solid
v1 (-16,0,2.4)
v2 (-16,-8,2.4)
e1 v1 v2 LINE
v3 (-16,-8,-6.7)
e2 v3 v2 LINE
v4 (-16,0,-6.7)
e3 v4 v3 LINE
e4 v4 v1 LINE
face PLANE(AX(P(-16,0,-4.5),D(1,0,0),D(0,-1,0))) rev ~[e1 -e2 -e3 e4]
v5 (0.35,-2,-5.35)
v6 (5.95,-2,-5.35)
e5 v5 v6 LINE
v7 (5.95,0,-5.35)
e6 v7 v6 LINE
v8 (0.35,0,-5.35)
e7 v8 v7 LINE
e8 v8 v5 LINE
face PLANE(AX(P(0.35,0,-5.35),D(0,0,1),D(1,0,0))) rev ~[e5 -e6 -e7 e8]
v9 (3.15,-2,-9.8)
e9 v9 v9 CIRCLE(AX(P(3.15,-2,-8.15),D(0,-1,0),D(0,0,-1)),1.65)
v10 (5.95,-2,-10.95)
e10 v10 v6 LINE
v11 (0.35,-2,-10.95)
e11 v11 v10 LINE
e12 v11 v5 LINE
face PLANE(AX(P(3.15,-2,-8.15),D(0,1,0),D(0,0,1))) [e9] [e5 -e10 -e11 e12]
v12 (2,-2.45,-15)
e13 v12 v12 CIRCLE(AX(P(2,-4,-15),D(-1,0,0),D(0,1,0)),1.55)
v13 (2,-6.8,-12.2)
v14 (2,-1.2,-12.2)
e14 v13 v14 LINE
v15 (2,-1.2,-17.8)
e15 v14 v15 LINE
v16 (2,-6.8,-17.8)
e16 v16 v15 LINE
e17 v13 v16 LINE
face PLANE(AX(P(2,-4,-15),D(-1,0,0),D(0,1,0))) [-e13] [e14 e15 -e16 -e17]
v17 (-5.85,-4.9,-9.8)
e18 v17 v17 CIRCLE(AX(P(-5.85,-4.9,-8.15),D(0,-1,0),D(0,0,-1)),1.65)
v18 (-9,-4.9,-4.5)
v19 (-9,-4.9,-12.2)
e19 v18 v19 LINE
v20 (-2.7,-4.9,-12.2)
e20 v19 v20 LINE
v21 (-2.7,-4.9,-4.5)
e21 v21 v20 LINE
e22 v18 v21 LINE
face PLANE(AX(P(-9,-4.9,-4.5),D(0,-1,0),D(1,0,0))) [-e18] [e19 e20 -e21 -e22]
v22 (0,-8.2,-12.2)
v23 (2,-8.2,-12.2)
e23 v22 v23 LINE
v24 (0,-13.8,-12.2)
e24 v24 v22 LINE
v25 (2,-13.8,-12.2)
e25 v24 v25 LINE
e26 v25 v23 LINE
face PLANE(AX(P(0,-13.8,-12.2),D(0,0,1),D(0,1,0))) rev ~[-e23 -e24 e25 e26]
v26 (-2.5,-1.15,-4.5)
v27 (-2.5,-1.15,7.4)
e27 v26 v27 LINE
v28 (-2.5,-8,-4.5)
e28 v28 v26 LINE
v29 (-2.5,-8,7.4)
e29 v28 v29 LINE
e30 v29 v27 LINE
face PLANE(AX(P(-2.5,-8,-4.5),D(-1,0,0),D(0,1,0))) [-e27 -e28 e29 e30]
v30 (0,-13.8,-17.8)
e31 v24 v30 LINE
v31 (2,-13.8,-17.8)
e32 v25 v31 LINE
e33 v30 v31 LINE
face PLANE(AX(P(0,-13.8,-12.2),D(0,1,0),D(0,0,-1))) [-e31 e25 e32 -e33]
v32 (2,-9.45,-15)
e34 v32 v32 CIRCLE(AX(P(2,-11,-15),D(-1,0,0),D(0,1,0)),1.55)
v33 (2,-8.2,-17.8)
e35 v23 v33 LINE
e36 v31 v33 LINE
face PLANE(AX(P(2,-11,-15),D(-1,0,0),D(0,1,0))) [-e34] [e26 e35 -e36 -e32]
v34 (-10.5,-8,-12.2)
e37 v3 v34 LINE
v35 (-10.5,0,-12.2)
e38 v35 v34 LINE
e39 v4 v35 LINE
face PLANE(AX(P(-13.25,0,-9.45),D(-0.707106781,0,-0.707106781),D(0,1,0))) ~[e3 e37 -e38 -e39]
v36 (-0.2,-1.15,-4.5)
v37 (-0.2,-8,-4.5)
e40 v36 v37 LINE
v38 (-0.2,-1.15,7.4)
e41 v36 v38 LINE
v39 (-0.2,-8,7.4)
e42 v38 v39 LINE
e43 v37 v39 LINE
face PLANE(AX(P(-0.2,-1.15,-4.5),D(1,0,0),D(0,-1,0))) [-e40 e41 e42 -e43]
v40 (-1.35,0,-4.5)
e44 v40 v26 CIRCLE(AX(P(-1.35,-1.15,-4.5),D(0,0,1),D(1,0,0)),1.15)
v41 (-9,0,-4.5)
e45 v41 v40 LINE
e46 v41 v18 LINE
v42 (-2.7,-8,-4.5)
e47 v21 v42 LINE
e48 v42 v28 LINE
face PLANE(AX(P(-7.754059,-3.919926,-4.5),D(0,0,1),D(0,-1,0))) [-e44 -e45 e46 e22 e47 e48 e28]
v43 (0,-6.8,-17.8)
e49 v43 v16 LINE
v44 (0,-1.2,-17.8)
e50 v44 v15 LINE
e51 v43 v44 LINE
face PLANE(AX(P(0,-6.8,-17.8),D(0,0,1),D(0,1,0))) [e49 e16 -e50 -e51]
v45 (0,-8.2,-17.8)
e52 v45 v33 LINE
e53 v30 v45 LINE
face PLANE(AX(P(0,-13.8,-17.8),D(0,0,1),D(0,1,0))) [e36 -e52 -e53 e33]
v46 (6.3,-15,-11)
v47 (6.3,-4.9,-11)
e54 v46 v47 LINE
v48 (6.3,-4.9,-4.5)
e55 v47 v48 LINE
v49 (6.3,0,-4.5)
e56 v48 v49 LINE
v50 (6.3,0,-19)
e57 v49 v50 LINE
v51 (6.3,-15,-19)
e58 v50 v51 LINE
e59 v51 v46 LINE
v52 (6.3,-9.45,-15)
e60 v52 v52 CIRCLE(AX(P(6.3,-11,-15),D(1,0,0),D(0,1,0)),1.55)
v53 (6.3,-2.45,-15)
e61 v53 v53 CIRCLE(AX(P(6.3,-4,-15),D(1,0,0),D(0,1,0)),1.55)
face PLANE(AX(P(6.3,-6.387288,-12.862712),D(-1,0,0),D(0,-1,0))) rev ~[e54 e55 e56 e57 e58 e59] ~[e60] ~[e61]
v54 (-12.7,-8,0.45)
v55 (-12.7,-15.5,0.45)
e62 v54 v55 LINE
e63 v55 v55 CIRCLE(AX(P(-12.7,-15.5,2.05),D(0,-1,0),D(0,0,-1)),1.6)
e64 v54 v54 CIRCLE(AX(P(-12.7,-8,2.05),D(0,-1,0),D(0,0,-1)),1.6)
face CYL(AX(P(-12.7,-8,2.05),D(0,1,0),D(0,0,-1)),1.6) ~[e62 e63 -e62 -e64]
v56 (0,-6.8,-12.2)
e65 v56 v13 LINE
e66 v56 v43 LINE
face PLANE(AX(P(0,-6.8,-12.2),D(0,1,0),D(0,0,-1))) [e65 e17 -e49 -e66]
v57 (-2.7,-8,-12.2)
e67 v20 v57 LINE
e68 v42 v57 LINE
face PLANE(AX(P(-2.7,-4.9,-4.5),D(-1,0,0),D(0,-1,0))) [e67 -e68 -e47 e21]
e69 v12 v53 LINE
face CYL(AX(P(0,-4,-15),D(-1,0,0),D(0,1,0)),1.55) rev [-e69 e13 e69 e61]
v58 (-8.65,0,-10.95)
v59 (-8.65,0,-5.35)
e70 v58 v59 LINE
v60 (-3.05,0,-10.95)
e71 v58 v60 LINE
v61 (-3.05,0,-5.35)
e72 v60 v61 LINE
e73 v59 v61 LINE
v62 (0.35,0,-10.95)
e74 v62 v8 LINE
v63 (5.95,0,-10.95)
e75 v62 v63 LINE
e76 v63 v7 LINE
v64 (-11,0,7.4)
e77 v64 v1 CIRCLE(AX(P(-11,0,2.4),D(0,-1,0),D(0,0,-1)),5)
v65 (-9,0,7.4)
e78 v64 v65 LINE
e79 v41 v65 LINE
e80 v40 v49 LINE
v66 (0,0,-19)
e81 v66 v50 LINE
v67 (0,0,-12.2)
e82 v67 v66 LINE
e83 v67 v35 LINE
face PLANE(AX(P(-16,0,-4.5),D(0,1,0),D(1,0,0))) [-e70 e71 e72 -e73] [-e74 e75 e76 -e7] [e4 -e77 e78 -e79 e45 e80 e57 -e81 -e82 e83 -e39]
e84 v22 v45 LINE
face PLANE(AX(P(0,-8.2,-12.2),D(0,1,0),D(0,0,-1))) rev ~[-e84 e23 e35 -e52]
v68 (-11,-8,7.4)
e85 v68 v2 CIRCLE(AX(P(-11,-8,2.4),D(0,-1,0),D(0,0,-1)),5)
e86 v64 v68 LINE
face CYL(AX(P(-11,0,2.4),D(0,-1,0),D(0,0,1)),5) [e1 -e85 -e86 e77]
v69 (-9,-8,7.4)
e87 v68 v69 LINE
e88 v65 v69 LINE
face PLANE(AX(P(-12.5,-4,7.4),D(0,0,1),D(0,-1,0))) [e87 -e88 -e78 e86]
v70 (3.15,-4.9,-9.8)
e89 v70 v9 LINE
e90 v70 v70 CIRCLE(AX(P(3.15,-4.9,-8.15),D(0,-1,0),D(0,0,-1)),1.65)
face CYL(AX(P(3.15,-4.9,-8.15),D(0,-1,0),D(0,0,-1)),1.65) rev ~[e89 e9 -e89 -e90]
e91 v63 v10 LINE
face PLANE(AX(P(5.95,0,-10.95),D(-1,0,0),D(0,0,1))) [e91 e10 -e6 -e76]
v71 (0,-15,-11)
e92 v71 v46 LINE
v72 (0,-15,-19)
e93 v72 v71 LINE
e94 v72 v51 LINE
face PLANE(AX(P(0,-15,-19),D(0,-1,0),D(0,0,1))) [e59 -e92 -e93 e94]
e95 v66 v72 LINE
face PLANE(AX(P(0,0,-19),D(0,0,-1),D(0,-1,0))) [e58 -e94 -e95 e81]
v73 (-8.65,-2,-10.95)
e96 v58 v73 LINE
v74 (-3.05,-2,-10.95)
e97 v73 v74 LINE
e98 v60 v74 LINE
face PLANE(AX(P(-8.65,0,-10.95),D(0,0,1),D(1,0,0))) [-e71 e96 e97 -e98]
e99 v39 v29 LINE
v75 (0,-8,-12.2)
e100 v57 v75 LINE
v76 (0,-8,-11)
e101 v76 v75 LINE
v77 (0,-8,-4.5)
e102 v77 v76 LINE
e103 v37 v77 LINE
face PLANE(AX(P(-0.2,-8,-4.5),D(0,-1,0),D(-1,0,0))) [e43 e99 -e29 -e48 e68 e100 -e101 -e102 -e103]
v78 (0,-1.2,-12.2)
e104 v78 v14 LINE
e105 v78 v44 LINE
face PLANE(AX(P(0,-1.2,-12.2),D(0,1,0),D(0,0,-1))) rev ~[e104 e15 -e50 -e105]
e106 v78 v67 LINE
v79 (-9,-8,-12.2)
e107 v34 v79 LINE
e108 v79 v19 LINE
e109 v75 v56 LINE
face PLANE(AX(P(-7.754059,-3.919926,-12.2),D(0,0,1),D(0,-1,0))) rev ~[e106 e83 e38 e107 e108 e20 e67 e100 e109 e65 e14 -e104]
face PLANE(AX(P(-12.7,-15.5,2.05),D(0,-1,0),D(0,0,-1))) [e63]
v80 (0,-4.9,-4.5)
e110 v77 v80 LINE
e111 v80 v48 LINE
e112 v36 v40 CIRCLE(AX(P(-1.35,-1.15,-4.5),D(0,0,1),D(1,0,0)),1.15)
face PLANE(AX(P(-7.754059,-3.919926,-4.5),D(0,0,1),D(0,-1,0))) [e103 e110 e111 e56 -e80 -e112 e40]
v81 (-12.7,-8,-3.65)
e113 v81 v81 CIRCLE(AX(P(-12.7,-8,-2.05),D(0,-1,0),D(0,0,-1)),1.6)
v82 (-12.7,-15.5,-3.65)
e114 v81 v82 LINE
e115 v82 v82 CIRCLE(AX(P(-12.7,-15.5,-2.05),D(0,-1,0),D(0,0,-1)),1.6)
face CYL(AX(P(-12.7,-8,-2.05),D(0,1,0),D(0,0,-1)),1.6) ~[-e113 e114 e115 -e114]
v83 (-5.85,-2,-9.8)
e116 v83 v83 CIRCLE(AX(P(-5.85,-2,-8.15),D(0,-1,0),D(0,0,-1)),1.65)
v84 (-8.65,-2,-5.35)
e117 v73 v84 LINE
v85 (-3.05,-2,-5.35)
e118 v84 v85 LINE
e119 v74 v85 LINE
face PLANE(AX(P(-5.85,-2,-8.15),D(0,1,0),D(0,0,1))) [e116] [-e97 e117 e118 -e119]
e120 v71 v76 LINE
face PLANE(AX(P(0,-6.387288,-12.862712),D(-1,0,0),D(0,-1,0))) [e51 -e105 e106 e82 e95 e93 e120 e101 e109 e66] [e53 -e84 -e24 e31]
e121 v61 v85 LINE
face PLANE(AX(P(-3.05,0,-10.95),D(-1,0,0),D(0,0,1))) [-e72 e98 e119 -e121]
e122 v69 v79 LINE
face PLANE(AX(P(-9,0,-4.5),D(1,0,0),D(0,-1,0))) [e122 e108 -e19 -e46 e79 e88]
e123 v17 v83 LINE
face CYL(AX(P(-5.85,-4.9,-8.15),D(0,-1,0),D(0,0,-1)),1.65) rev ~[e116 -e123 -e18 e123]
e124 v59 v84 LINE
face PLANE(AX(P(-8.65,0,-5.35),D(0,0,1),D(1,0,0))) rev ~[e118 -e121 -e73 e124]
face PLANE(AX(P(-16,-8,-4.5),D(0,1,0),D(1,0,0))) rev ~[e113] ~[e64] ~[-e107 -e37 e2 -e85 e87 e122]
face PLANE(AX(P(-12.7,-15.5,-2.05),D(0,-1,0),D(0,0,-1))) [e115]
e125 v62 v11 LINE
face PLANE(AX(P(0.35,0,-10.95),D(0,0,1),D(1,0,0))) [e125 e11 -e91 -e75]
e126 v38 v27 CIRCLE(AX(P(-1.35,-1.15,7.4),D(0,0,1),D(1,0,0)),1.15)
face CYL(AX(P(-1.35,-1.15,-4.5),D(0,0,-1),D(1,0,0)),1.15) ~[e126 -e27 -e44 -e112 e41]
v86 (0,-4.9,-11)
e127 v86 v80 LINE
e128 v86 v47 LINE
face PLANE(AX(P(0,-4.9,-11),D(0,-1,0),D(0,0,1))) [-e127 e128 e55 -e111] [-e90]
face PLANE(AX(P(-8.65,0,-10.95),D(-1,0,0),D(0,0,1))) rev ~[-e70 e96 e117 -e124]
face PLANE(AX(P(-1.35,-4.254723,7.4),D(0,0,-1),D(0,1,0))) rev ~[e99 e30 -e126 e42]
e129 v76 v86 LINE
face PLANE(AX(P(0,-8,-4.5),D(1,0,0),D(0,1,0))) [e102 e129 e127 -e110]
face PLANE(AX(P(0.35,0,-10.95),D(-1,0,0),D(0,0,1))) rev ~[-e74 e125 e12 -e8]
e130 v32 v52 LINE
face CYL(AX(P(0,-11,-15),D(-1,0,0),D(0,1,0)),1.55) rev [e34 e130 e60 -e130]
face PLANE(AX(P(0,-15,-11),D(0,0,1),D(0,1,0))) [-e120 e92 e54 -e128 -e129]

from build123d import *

# Parameters (mm, degrees)
SKETCH_R        = 1.55
PAD_DEPTH       = 6.3
SKETCH002_W     = 5.6
SKETCH002_H     = 5.6
POCKET_DEPTH    = 2
PAD001_DEPTH    = 7.7
SKETCH003_R     = 1.65
POCKET001_DEPTH = 4.901
SKETCH004_W     = 5.6
SKETCH004_H     = 5.6
POCKET002_DEPTH = 2
SKETCH005_W     = 8
SKETCH005_H     = 7
PAD002_DEPTH    = 11.9
SKETCH006_R     = 1.6
PAD003_DEPTH    = 7.5
PAD004_DEPTH    = 11.9
FILLET_R        = 5
CHAMFER_SIZE    = 5.5


with BuildPart() as part:
    # Sketch → Pad (new body)
    with BuildSketch(Plane.YZ):
        Polygon((-4.9, -4.5), (0, -4.5), (0, -19), (-15, -19), (-15, -11), (-4.9, -11), align=None)
        with Locations((-11, -15)):
            Circle(SKETCH_R, mode=Mode.SUBTRACT)
        with Locations((-4, -15)):
            Circle(SKETCH_R, mode=Mode.SUBTRACT)
    extrude(amount=PAD_DEPTH)

    # Sketch002 (on Face9 of Pad) → Pocket (cut)
    with BuildSketch(Plane(origin=(0, 0, 0), x_dir=(0, 1, 0), z_dir=(-1, 0, 0))):
        with Locations((-11, 15)):
            Rectangle(SKETCH002_W, SKETCH002_H)
        with Locations((-4, 15)):
            Rectangle(SKETCH002_W, SKETCH002_H)
    extrude(amount=-POCKET_DEPTH, mode=Mode.SUBTRACT)

    # Sketch001 (on Face1 of Pad) → Pad001 (join)
    with BuildSketch(Plane(origin=(0, 0, -4.5), x_dir=(0, -1, 0), z_dir=(0, 0, 1))):
        Polygon((0, 0), (0, -16), (8, -16), (8, -9), (4.9, -9), (4.9, -2.7), (8, -2.7), (8, 0), align=None)
    extrude(amount=-PAD001_DEPTH)

    # Sketch003 (on Face1 of Pad001) → Pocket001 (cut, through all)
    with BuildSketch(Plane(origin=(0, -4.9, 0), x_dir=(0, 0, -1), z_dir=(0, -1, 0))):
        with Locations((8.15, -5.85)):
            Circle(SKETCH003_R)
        with Locations((8.15, 3.15)):
            Circle(SKETCH003_R)
    extrude(amount=-POCKET001_DEPTH, mode=Mode.SUBTRACT)

    # Sketch004 (on Face10 of Pocket001) → Pocket002 (cut)
    with BuildSketch(Plane.ZX):
        with Locations((-8.15, 3.15)):
            Rectangle(SKETCH004_W, SKETCH004_H)
        with Locations((-8.15, -5.85)):
            Rectangle(SKETCH004_W, SKETCH004_H)
    extrude(amount=-POCKET002_DEPTH, mode=Mode.SUBTRACT)

    # Sketch005 (on Face5 of Pocket002) → Pad002 (join)
    with BuildSketch(Plane(origin=(0, 0, -4.5), x_dir=(0, -1, 0), z_dir=(0, 0, 1))):
        with Locations((4, -12.5)):
            Rectangle(SKETCH005_W, SKETCH005_H)
    extrude(amount=PAD002_DEPTH)

    # Sketch006 (on Face36 of Pad002) → Pad003 (join)
    with BuildSketch(Plane(origin=(0, -8, 0), x_dir=(0, 0, -1), z_dir=(0, -1, 0))):
        with Locations((-2.05, -12.7)):
            Circle(SKETCH006_R)
        with Locations((2.05, -12.7)):
            Circle(SKETCH006_R)
    extrude(amount=PAD003_DEPTH)

    # Sketch007 → Pad004 (join)
    with BuildSketch(Plane(origin=(0, 0, -4.5), x_dir=(0, -1, 0), z_dir=(0, 0, 1))):
        with BuildLine():
            Line((8, -2.5), (1.15, -2.5))
            ThreePointArc((1.15, -0.2), (0, -1.35), (1.15, -2.5))
            Line((1.15, -0.2), (8, -0.2))
            Line((8, -0.2), (8, -2.5))
        make_face()
    extrude(amount=PAD004_DEPTH)

    # Fillet
    fillet_edges = [part.edges().sort_by_distance(p)[0] for p in [
        (-16, -4, 7.4),
    ]]
    fillet(fillet_edges, radius=FILLET_R)

    # Chamfer
    chamfer_edges = [part.edges().sort_by_distance(p)[0] for p in [
        (-16, -4, -12.2),
    ]]
    chamfer(chamfer_edges, length=CHAMFER_SIZE)


solid = part.part
